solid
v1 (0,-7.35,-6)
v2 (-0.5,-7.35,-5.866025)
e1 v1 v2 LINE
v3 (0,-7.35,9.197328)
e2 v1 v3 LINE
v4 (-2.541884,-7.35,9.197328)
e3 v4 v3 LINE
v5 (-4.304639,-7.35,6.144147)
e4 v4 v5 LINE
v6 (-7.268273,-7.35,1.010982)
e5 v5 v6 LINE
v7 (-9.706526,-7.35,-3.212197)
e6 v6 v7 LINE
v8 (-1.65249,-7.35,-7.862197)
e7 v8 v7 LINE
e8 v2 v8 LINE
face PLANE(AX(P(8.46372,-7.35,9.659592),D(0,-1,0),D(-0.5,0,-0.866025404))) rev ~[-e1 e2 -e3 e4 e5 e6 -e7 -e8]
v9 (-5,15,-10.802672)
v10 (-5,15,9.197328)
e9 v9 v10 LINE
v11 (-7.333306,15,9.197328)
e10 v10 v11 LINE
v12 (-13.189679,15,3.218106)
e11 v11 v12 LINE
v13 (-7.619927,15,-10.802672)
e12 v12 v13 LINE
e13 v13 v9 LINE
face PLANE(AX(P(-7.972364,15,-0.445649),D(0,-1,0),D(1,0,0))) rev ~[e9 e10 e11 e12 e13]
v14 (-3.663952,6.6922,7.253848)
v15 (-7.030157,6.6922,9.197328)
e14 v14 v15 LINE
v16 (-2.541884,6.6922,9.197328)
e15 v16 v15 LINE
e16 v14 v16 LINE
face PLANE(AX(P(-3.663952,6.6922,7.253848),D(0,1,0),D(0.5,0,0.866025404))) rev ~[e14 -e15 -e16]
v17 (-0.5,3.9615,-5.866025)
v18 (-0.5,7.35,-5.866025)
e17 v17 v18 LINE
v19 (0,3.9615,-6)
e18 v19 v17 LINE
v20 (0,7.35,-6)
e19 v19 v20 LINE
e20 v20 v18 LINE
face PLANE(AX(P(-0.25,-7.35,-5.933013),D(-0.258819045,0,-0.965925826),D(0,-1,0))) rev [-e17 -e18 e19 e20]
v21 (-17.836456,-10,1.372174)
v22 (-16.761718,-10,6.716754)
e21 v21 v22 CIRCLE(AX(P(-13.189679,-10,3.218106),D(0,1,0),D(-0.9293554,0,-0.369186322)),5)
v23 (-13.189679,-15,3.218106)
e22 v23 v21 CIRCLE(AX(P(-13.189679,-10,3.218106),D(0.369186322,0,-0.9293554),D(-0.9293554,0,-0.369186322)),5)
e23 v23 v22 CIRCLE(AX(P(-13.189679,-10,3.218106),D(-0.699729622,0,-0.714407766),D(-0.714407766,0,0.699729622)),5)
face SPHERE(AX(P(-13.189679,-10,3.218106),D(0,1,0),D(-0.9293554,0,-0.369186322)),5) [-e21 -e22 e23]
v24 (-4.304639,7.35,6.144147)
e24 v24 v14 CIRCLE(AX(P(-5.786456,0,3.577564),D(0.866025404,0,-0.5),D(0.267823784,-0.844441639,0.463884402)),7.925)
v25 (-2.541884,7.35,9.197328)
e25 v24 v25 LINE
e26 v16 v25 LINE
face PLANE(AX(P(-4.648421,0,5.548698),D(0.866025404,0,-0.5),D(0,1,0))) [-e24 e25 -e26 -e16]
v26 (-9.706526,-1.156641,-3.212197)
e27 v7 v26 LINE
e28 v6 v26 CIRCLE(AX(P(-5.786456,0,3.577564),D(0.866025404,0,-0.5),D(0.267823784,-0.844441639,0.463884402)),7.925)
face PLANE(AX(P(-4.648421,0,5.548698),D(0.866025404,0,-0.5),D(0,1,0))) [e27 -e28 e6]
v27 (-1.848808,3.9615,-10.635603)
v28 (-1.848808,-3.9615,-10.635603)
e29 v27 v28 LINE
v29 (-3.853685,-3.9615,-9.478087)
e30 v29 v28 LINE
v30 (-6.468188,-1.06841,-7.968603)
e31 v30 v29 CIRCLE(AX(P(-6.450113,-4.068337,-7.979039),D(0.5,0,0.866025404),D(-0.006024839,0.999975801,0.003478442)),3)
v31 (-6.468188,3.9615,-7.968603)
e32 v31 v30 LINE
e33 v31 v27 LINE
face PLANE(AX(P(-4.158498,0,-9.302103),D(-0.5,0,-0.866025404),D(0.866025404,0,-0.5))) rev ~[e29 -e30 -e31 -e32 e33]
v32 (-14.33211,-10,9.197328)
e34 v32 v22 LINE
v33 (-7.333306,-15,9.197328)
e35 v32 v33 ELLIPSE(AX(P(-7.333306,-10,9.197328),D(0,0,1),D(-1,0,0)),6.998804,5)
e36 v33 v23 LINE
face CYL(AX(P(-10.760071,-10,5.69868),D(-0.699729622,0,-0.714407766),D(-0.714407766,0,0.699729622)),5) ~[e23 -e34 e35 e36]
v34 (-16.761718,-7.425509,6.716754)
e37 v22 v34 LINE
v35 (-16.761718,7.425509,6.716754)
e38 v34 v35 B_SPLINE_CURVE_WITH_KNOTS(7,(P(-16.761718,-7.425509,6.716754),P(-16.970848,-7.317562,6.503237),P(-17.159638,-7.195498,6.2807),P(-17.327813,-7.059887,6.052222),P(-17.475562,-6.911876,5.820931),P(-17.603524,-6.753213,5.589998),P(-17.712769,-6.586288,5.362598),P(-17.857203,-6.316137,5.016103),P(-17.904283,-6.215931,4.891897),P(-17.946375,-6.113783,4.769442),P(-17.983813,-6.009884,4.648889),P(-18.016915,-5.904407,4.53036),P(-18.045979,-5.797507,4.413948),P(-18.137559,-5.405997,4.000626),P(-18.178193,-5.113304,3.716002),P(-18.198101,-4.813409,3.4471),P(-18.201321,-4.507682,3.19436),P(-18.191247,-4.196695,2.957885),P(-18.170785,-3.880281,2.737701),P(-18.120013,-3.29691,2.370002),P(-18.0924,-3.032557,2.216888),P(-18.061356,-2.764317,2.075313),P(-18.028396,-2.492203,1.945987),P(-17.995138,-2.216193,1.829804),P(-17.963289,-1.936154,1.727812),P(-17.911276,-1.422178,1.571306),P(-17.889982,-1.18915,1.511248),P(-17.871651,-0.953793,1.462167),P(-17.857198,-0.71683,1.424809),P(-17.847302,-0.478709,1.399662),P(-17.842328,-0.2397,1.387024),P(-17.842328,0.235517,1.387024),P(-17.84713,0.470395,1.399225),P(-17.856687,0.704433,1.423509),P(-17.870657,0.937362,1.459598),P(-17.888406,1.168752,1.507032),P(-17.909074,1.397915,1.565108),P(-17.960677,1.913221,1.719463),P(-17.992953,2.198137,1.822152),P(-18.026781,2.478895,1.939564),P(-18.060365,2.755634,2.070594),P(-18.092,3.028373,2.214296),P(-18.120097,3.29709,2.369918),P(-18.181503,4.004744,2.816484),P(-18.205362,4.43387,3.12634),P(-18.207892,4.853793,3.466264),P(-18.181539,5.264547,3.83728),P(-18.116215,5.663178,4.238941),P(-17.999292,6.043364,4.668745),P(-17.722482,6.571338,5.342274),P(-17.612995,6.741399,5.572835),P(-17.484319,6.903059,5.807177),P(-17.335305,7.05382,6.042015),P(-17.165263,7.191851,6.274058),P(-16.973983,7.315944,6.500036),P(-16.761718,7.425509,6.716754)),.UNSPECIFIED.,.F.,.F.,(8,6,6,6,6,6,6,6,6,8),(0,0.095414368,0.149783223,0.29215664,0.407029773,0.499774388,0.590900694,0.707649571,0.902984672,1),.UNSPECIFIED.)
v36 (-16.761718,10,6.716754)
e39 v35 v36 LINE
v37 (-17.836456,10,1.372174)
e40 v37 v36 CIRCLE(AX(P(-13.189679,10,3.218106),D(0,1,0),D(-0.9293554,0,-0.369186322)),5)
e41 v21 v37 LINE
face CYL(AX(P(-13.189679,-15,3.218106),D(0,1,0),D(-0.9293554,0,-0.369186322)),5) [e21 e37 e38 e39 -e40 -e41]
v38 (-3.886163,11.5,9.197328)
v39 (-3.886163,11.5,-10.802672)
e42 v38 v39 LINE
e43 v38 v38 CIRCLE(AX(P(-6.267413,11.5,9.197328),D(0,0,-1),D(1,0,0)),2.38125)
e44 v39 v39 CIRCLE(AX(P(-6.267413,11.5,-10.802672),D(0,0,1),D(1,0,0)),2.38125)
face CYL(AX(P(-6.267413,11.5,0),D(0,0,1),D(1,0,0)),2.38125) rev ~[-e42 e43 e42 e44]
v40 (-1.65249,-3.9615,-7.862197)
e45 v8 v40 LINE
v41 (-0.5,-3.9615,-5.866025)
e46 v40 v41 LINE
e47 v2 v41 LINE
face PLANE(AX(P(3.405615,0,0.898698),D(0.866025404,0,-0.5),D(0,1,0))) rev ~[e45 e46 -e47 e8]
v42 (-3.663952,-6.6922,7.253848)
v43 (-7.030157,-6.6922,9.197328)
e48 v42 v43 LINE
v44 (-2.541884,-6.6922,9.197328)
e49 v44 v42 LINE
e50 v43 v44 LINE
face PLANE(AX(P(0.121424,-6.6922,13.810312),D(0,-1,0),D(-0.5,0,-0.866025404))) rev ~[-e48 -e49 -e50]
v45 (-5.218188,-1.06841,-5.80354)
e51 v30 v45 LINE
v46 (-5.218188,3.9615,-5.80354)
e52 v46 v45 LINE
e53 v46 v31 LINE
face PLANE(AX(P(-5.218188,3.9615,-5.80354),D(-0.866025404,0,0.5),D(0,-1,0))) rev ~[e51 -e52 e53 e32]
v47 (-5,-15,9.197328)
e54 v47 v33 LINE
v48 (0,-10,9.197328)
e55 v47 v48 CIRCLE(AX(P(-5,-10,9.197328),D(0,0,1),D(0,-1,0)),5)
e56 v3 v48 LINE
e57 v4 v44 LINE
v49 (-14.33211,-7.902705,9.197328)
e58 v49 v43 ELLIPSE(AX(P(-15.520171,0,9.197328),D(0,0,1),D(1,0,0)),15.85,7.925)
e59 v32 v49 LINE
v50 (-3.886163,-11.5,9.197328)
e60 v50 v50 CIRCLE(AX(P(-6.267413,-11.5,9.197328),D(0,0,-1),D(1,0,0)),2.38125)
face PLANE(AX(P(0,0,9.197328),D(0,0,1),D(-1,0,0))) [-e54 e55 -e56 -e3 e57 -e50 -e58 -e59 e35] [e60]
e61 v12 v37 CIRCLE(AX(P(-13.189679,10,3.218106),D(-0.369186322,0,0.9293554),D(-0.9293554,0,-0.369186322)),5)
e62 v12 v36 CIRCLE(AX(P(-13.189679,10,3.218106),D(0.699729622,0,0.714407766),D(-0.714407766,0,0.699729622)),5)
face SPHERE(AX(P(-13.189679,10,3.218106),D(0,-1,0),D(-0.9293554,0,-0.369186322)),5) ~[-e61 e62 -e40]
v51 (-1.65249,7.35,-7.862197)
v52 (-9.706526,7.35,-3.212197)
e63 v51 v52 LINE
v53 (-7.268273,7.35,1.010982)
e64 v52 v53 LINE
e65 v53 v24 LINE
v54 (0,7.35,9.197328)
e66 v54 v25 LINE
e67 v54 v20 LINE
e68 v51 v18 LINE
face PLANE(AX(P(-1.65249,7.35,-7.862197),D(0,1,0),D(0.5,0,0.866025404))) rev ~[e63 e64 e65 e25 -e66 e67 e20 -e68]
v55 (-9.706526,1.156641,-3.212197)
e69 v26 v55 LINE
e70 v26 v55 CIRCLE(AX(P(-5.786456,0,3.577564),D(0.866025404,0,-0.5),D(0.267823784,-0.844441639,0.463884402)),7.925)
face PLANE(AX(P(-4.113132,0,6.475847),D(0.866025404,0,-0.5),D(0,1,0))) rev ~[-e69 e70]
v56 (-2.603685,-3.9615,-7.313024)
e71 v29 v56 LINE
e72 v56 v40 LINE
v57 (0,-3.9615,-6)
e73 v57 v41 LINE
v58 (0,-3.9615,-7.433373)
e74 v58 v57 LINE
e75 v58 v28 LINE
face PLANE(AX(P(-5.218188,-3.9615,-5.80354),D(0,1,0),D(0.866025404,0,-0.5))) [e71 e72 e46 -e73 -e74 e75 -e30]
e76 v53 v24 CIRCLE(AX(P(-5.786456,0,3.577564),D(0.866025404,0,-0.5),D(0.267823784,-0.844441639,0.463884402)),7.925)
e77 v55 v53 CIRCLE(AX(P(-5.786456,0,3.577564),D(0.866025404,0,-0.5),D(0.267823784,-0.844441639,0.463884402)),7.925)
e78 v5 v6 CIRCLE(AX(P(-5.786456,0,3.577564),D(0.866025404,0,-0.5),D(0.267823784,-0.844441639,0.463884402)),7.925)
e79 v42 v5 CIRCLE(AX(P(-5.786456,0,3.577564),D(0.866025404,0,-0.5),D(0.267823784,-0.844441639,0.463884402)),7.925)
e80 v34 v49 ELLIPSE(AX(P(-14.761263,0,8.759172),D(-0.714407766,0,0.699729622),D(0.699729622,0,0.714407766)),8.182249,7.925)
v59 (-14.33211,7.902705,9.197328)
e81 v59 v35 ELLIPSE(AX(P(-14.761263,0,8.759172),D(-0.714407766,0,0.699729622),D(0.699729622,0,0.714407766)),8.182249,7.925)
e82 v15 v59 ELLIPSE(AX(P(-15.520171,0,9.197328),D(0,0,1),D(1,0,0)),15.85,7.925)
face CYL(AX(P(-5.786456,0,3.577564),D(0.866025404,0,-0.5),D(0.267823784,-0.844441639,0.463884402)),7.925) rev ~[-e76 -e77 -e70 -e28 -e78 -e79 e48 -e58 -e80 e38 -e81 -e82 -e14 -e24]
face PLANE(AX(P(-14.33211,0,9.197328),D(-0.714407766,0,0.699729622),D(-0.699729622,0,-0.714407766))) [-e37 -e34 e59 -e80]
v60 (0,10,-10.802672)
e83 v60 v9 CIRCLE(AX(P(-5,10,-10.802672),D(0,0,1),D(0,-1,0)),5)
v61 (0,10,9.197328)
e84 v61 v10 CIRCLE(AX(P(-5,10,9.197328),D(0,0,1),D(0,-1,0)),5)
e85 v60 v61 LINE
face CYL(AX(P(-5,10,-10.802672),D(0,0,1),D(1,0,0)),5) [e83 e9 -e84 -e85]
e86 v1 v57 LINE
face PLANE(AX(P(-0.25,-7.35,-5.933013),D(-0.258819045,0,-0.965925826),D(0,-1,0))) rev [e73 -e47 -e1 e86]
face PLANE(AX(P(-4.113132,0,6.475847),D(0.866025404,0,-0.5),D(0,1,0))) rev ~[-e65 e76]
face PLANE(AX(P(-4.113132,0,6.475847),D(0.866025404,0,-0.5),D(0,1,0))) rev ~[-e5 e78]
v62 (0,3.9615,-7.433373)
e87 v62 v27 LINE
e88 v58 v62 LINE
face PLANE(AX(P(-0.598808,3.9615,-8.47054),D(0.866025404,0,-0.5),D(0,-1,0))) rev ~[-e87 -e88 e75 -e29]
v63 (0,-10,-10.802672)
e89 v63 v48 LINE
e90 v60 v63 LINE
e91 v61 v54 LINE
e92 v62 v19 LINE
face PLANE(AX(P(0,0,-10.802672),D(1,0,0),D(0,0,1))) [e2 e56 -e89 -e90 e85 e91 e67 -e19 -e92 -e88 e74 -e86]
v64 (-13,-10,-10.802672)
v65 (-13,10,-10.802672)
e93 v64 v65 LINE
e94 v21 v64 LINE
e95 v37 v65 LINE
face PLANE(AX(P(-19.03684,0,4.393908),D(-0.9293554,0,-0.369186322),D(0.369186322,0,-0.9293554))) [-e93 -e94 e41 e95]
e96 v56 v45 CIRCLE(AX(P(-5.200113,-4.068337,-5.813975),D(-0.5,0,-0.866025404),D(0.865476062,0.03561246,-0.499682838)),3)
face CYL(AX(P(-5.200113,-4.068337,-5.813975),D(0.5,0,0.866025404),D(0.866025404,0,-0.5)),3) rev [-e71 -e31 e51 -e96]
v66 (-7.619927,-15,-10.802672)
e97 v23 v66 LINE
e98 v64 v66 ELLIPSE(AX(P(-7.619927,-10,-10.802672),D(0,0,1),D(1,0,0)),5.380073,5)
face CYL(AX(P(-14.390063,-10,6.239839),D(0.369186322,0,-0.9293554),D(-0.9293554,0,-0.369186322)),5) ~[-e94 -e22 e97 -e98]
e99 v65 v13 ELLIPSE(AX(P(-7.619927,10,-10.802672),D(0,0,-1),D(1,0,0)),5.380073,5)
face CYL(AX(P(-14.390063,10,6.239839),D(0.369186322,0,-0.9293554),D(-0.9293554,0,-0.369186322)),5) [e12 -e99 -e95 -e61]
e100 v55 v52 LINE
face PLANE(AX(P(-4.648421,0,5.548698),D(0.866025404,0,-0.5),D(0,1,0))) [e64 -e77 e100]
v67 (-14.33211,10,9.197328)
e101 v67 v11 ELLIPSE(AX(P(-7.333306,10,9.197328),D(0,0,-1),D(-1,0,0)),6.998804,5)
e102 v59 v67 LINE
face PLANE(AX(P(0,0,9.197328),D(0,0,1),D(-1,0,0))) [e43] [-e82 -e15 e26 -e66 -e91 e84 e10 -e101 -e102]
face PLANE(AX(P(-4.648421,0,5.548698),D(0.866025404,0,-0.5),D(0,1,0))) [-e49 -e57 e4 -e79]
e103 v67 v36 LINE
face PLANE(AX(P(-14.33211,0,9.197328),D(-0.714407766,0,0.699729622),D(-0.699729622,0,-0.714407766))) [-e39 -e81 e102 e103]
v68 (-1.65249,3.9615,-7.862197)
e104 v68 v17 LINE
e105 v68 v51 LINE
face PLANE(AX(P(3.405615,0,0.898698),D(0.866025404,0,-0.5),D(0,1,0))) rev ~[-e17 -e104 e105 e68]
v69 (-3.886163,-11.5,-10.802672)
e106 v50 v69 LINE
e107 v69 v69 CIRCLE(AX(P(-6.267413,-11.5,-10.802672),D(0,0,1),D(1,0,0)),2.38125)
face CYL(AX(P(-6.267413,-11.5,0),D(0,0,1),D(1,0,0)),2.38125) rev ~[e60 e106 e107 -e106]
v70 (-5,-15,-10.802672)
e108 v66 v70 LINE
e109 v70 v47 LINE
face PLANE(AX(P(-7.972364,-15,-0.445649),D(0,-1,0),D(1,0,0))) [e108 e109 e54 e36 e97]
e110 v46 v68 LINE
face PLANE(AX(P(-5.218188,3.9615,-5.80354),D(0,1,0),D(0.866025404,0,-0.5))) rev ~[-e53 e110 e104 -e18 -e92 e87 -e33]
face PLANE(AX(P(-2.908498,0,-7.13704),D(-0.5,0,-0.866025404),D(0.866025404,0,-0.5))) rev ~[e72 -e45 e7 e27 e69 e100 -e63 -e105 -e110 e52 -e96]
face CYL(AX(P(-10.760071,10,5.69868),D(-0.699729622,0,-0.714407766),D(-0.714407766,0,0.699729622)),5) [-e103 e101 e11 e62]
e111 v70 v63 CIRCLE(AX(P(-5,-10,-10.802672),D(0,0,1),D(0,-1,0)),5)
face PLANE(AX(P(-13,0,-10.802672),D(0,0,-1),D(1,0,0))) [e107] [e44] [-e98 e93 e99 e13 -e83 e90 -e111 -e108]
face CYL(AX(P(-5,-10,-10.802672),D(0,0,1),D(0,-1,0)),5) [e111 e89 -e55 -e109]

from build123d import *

# Parameters (mm, degrees)
F1_DEPTH       = 15
F1_DEPTH_BACK  = 15
F6_R           = 5
F5_R           = 2.38125
F7_DEPTH       = 25
F7_DEPTH_BACK  = 25
F10_DEPTH      = 9.3
F11_START      = -9.3
F11_DEPTH      = 15.7
F12_SIZE       = 1
F14_R          = 3
F16_DEPTH      = 2.5
F15_W          = 5.334
F15_H          = 7.923
F17_DEPTH      = 25
F17_DEPTH_BACK = 2.5


with BuildPart() as f1:
    # F0 (on Front) → F1 (new body, two sides)
    with BuildSketch(Plane.XZ) as f1_sk:
        Polygon((-13, -10.8026722446), (0, -10.8026722446), (0, 9.1973277554), (-14.3321100622, 9.1973277554), (-19.0368395666, 4.3939077003), align=None)
    extrude(amount=F1_DEPTH)
    extrude(f1_sk.sketch, amount=-F1_DEPTH_BACK)

    # F6
    f6_edges = [f1.edges().sort_by_distance(p)[0] for p in [
        (-19.03684, 0, 4.393908),
        (-16.01842, -15, -3.204382),
        (-16.01842, 15, -3.204382),
        (-16.684475, -15, 6.795618),
        (-16.684475, 15, 6.795618),
        (0, -15, -0.802672),
        (0, 15, -0.802672),
    ]]
    fillet(f6_edges, radius=F6_R)

    # F5 (on Top) → F7 (cut, two sides)
    with BuildSketch(Plane.XY) as f7_sk:
        with Locations((-6.2674125656, -11.5)):
            Circle(F5_R)
        with Locations((-6.2674125656, 11.5)):
            Circle(F5_R)
    extrude(amount=-F7_DEPTH, mode=Mode.SUBTRACT)
    extrude(f7_sk.sketch, amount=F7_DEPTH_BACK, mode=Mode.SUBTRACT)

    # F9 (on face) → F10 (cut)
    with BuildSketch(Plane(origin=(2.1650635095, 0, -1.25), x_dir=(0, 1, 0), z_dir=(0.8660254038, 0, -0.5))):
        Polygon((-7.35, -7.6351069248), (7.35, -7.6351069248), (7.35, 8.0451745412), (7.35, 12.5973122194), (-7.35, 12.5973122194), (-7.35, 8.0451745412), align=None)
    extrude(amount=-F10_DEPTH, mode=Mode.SUBTRACT)

    # F8 (on face) → F11 (cut)
    with BuildSketch(Plane(origin=(2.1650635095, 0, -1.25), x_dir=(0, 1, 0), z_dir=(0.8660254038, 0, -0.5)).offset(F11_START)):
        with BuildLine():
            Line((-6.6921999912, 12.0207928121), (-6.6921999912, 4.4500407902))
            ThreePointArc((-6.6921999912, 4.4500407902), (0, -7.7199661918), (6.6921999912, 4.4500407902))
            Line((6.6921999912, 4.4500407902), (6.6921999912, 12.0207928121))
            Line((6.6921999912, 12.0207928121), (-6.6921999912, 12.0207928121))
        make_face()
    extrude(amount=-F11_DEPTH, mode=Mode.SUBTRACT)

    # F12
    f12_edges = [f1.edges().sort_by_distance(p)[0] for p in [
        (0, 0, -5),
    ]]
    chamfer(f12_edges, length=F12_SIZE)

    # F14 (on face) → F16 (cut)
    with BuildSketch(Plane(origin=(-3.8175534624, 0, -6.6121965575), x_dir=(0.8660254038, 0, -0.5), z_dir=(-0.5, 0, -0.8660254038))):
        with Locations((-1.596442773, 4.0683373809)):
            Circle(F14_R)
    extrude(amount=F16_DEPTH, mode=Mode.SUBTRACT)

    # F15 (on face) → F17 (cut, two sides)
    with BuildSketch(Plane(origin=(-3.8175534624, 0, -6.6121965575), x_dir=(0.8660254038, 0, -0.5), z_dir=(-0.5, 0, -0.8660254038))) as f17_sk:
        with Locations((1.0496865725, 0)):
            Rectangle(F15_W, F15_H)
    extrude(amount=-F17_DEPTH, mode=Mode.SUBTRACT)
    extrude(f17_sk.sketch, amount=F17_DEPTH_BACK, mode=Mode.SUBTRACT)


solid = f1.part
